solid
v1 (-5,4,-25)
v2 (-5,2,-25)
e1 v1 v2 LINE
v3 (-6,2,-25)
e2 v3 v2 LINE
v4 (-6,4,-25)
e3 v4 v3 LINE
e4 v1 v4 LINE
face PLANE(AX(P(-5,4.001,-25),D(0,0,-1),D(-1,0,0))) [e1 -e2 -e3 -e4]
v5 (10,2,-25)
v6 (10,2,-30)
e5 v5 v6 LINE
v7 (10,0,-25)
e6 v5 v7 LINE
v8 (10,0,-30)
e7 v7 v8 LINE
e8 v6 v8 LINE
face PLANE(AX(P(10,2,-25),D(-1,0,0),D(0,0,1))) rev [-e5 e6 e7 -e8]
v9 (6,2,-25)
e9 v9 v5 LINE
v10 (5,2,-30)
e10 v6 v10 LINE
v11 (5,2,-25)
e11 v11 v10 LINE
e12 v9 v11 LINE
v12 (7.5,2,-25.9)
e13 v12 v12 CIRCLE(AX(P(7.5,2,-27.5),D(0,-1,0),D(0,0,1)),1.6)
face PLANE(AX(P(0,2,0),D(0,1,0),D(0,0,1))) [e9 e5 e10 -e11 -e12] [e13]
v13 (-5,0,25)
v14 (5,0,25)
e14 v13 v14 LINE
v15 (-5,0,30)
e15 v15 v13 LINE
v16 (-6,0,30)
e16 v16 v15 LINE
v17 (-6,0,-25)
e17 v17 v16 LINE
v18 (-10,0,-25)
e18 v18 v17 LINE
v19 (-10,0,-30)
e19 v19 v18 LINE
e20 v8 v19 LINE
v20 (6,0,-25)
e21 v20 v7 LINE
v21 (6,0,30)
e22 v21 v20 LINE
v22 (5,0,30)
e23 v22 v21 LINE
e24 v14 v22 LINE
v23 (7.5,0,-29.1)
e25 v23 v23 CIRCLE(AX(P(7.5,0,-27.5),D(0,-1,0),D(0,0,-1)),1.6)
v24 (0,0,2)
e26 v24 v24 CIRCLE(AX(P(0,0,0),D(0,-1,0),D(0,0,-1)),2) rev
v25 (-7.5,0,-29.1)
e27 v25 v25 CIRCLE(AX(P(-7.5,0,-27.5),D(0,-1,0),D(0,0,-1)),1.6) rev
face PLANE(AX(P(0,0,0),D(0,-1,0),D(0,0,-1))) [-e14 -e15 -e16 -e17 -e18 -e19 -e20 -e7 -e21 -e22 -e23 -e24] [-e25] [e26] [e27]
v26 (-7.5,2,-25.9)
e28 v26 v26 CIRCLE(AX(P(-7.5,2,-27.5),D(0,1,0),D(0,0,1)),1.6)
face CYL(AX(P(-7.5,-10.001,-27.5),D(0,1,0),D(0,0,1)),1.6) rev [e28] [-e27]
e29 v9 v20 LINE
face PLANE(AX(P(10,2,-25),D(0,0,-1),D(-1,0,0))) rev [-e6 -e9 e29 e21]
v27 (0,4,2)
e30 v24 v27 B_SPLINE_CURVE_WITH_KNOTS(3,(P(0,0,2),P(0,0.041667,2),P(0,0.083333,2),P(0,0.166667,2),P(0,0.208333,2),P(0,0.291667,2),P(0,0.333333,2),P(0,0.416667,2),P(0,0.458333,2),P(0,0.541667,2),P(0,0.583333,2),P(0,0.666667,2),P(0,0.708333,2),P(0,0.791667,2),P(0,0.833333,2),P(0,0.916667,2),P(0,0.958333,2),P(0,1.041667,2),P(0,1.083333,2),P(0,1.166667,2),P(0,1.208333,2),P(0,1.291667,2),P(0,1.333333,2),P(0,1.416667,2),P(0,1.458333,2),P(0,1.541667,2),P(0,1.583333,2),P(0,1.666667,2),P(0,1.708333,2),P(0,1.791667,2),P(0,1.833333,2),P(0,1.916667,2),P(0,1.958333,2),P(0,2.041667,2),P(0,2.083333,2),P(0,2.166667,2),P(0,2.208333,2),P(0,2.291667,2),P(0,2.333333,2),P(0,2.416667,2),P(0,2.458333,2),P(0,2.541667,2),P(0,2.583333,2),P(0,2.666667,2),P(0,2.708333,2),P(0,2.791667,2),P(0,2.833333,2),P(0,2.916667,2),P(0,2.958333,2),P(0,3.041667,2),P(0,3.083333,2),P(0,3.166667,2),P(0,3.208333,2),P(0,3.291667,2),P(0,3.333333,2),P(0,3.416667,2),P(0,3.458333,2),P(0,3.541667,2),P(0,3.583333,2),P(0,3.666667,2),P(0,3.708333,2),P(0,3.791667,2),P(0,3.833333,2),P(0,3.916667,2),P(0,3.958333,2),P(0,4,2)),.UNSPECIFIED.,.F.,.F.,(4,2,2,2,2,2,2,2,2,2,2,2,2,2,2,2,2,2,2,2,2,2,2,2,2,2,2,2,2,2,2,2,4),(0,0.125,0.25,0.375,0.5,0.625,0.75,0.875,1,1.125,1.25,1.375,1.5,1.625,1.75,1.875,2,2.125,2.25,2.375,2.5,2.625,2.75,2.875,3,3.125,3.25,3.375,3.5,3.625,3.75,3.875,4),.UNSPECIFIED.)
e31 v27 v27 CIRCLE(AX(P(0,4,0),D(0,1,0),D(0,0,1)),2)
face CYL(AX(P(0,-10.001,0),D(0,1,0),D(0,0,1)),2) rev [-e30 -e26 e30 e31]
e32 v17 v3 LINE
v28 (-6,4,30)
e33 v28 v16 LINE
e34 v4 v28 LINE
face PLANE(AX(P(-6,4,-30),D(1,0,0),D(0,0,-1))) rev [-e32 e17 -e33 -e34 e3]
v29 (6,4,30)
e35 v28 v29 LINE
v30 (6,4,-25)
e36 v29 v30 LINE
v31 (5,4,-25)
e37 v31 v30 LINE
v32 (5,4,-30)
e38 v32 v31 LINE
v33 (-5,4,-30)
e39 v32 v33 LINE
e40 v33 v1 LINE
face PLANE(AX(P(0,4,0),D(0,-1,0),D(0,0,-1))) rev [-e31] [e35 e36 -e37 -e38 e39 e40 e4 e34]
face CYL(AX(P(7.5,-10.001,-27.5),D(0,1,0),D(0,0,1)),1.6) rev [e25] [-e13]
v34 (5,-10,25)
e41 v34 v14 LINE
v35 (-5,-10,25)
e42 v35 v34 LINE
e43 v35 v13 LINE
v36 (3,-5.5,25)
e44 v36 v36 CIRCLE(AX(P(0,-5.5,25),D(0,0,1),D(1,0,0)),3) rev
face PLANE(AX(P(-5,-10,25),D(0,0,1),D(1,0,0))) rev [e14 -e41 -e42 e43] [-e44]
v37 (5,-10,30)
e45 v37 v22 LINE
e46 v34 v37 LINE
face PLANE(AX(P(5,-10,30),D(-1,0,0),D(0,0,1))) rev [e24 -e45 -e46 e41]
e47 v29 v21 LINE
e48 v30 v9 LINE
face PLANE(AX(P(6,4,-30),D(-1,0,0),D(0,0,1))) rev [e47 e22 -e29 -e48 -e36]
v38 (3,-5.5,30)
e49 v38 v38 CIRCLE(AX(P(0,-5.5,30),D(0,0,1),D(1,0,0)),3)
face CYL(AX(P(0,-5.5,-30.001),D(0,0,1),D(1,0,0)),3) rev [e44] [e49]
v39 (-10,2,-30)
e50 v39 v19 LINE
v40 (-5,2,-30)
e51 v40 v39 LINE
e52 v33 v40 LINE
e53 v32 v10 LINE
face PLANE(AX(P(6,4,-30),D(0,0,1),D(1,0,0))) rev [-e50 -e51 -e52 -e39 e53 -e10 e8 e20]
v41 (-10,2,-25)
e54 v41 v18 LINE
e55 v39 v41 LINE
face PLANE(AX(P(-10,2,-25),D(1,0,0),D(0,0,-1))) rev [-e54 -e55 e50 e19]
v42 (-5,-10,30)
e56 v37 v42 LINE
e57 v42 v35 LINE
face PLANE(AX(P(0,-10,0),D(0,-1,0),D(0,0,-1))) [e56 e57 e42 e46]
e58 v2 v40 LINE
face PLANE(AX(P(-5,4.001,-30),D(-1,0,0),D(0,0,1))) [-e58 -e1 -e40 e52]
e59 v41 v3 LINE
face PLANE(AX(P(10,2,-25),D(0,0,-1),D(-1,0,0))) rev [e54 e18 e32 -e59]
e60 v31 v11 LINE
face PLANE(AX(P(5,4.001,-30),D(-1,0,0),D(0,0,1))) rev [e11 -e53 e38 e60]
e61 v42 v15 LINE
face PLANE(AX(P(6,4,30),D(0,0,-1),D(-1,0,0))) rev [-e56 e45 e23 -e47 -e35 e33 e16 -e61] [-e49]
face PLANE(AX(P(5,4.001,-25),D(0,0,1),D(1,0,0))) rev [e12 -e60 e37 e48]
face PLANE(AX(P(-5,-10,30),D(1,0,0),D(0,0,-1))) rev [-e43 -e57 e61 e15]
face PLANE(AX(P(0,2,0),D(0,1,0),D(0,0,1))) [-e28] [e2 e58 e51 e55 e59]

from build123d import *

# Parameters (mm, degrees)
SKETCH1_W           = 12
SKETCH1_H           = 60
BOSS_EXTRUDE1_DEPTH = 4
SKETCH2_W           = 10
SKETCH2_H           = 5
BOSS_EXTRUDE2_DEPTH = 10
CUT_EXTRUDE1_REACH  = 63.123
SKETCH3_R           = 3
SKETCH6_W           = 20
SKETCH6_H           = 5
BOSS_EXTRUDE4_DEPTH = 2
CUT_EXTRUDE2_REACH  = 35.823
SKETCH13_W          = 5
SKETCH13_H          = 5
CUT_EXTRUDE3_REACH  = 35.823
SKETCH14_R          = 1.6
CUT_EXTRUDE4_REACH  = 36.583
SKETCH4_R           = 2


with BuildPart() as part:
    # Sketch1 → Boss-Extrude1 (new body)
    with BuildSketch(Plane(origin=(0, 0, 0), x_dir=(1, 0, 0), z_dir=(0, 1, 0))):
        Rectangle(SKETCH1_W, SKETCH1_H)
    extrude(amount=BOSS_EXTRUDE1_DEPTH)

    # Sketch2 → Boss-Extrude2 (add)
    with BuildSketch(Plane.XZ):
        with Locations((0, 27.5)):
            Rectangle(SKETCH2_W, SKETCH2_H)
    extrude(amount=BOSS_EXTRUDE2_DEPTH)

    # Sketch3 → Cut-Extrude1 (cut, up to next)
    with BuildSketch(Plane.XY.offset(30), mode=Mode.PRIVATE) as cut_extrude1_sk1:
        with Locations((0, -5.5)):
            Circle(SKETCH3_R)
    cut_extrude1_tool1 = extrude(cut_extrude1_sk1.sketch, amount=-CUT_EXTRUDE1_REACH, mode=Mode.PRIVATE) & part.part
    add(cut_extrude1_tool1.solids().sort_by_distance((0, -5.5, 30))[0], mode=Mode.SUBTRACT)

    # Sketch6 → Boss-Extrude4 (add)
    with BuildSketch(Plane(origin=(0, 0, 0), x_dir=(1, 0, 0), z_dir=(0, 1, 0))):
        with Locations((0, 27.5)):
            Rectangle(SKETCH6_W, SKETCH6_H)
    extrude(amount=BOSS_EXTRUDE4_DEPTH)

    # Sketch13 → Cut-Extrude2 (cut, up to next)
    with BuildSketch(Plane(origin=(0, 2, 0), x_dir=(1, 0, 0), z_dir=(0, 1, 0)), mode=Mode.PRIVATE) as cut_extrude2_sk1:
        with Locations((-7.5, 27.5)):
            Rectangle(SKETCH13_W, SKETCH13_H)
    cut_extrude2_tool1 = extrude(cut_extrude2_sk1.sketch, amount=CUT_EXTRUDE2_REACH, mode=Mode.PRIVATE) & part.part
    cut_extrude2 = cut_extrude2_tool1.solids().sort_by_distance((-7.5, 2, -27.5))[0]
    add(cut_extrude2, mode=Mode.SUBTRACT)

    # Sketch14 → Cut-Extrude3 (cut, up to next)
    with BuildSketch(Plane(origin=(0, 2, 0), x_dir=(1, 0, 0), z_dir=(0, 1, 0)), mode=Mode.PRIVATE) as cut_extrude3_sk1:
        with Locations(Location((-7.5, 27.5, 0), (0, 0, 270))):
            Circle(SKETCH14_R)
    cut_extrude3_tool1 = extrude(cut_extrude3_sk1.sketch, amount=-CUT_EXTRUDE3_REACH, mode=Mode.PRIVATE) & part.part
    cut_extrude3 = cut_extrude3_tool1.solids().sort_by_distance((-7.5, 2, -27.5))[0]
    add(cut_extrude3, mode=Mode.SUBTRACT)

    # Mirror1: Cut-Extrude2, Cut-Extrude3 across plane
    add(cut_extrude2.mirror(Plane(origin=(0, 0, 0), x_dir=(0, 0, 1), z_dir=(1, 0, 0))), mode=Mode.SUBTRACT)
    add(cut_extrude3.mirror(Plane(origin=(0, 0, 0), x_dir=(0, 0, 1), z_dir=(1, 0, 0))), mode=Mode.SUBTRACT)

    # Sketch4 → Cut-Extrude4 (cut, up to next)
    with BuildSketch(Plane(origin=(0, 4, 0), x_dir=(1, 0, 0), z_dir=(0, 1, 0)), mode=Mode.PRIVATE) as cut_extrude4_sk1:
        with Locations(Location((0, 0, 0), (0, 0, 270))):
            Circle(SKETCH4_R)
    cut_extrude4_tool1 = extrude(cut_extrude4_sk1.sketch, amount=-CUT_EXTRUDE4_REACH, mode=Mode.PRIVATE) & part.part
    add(cut_extrude4_tool1.solids().sort_by_distance((0, 4, 0))[0], mode=Mode.SUBTRACT)


solid = part.part
